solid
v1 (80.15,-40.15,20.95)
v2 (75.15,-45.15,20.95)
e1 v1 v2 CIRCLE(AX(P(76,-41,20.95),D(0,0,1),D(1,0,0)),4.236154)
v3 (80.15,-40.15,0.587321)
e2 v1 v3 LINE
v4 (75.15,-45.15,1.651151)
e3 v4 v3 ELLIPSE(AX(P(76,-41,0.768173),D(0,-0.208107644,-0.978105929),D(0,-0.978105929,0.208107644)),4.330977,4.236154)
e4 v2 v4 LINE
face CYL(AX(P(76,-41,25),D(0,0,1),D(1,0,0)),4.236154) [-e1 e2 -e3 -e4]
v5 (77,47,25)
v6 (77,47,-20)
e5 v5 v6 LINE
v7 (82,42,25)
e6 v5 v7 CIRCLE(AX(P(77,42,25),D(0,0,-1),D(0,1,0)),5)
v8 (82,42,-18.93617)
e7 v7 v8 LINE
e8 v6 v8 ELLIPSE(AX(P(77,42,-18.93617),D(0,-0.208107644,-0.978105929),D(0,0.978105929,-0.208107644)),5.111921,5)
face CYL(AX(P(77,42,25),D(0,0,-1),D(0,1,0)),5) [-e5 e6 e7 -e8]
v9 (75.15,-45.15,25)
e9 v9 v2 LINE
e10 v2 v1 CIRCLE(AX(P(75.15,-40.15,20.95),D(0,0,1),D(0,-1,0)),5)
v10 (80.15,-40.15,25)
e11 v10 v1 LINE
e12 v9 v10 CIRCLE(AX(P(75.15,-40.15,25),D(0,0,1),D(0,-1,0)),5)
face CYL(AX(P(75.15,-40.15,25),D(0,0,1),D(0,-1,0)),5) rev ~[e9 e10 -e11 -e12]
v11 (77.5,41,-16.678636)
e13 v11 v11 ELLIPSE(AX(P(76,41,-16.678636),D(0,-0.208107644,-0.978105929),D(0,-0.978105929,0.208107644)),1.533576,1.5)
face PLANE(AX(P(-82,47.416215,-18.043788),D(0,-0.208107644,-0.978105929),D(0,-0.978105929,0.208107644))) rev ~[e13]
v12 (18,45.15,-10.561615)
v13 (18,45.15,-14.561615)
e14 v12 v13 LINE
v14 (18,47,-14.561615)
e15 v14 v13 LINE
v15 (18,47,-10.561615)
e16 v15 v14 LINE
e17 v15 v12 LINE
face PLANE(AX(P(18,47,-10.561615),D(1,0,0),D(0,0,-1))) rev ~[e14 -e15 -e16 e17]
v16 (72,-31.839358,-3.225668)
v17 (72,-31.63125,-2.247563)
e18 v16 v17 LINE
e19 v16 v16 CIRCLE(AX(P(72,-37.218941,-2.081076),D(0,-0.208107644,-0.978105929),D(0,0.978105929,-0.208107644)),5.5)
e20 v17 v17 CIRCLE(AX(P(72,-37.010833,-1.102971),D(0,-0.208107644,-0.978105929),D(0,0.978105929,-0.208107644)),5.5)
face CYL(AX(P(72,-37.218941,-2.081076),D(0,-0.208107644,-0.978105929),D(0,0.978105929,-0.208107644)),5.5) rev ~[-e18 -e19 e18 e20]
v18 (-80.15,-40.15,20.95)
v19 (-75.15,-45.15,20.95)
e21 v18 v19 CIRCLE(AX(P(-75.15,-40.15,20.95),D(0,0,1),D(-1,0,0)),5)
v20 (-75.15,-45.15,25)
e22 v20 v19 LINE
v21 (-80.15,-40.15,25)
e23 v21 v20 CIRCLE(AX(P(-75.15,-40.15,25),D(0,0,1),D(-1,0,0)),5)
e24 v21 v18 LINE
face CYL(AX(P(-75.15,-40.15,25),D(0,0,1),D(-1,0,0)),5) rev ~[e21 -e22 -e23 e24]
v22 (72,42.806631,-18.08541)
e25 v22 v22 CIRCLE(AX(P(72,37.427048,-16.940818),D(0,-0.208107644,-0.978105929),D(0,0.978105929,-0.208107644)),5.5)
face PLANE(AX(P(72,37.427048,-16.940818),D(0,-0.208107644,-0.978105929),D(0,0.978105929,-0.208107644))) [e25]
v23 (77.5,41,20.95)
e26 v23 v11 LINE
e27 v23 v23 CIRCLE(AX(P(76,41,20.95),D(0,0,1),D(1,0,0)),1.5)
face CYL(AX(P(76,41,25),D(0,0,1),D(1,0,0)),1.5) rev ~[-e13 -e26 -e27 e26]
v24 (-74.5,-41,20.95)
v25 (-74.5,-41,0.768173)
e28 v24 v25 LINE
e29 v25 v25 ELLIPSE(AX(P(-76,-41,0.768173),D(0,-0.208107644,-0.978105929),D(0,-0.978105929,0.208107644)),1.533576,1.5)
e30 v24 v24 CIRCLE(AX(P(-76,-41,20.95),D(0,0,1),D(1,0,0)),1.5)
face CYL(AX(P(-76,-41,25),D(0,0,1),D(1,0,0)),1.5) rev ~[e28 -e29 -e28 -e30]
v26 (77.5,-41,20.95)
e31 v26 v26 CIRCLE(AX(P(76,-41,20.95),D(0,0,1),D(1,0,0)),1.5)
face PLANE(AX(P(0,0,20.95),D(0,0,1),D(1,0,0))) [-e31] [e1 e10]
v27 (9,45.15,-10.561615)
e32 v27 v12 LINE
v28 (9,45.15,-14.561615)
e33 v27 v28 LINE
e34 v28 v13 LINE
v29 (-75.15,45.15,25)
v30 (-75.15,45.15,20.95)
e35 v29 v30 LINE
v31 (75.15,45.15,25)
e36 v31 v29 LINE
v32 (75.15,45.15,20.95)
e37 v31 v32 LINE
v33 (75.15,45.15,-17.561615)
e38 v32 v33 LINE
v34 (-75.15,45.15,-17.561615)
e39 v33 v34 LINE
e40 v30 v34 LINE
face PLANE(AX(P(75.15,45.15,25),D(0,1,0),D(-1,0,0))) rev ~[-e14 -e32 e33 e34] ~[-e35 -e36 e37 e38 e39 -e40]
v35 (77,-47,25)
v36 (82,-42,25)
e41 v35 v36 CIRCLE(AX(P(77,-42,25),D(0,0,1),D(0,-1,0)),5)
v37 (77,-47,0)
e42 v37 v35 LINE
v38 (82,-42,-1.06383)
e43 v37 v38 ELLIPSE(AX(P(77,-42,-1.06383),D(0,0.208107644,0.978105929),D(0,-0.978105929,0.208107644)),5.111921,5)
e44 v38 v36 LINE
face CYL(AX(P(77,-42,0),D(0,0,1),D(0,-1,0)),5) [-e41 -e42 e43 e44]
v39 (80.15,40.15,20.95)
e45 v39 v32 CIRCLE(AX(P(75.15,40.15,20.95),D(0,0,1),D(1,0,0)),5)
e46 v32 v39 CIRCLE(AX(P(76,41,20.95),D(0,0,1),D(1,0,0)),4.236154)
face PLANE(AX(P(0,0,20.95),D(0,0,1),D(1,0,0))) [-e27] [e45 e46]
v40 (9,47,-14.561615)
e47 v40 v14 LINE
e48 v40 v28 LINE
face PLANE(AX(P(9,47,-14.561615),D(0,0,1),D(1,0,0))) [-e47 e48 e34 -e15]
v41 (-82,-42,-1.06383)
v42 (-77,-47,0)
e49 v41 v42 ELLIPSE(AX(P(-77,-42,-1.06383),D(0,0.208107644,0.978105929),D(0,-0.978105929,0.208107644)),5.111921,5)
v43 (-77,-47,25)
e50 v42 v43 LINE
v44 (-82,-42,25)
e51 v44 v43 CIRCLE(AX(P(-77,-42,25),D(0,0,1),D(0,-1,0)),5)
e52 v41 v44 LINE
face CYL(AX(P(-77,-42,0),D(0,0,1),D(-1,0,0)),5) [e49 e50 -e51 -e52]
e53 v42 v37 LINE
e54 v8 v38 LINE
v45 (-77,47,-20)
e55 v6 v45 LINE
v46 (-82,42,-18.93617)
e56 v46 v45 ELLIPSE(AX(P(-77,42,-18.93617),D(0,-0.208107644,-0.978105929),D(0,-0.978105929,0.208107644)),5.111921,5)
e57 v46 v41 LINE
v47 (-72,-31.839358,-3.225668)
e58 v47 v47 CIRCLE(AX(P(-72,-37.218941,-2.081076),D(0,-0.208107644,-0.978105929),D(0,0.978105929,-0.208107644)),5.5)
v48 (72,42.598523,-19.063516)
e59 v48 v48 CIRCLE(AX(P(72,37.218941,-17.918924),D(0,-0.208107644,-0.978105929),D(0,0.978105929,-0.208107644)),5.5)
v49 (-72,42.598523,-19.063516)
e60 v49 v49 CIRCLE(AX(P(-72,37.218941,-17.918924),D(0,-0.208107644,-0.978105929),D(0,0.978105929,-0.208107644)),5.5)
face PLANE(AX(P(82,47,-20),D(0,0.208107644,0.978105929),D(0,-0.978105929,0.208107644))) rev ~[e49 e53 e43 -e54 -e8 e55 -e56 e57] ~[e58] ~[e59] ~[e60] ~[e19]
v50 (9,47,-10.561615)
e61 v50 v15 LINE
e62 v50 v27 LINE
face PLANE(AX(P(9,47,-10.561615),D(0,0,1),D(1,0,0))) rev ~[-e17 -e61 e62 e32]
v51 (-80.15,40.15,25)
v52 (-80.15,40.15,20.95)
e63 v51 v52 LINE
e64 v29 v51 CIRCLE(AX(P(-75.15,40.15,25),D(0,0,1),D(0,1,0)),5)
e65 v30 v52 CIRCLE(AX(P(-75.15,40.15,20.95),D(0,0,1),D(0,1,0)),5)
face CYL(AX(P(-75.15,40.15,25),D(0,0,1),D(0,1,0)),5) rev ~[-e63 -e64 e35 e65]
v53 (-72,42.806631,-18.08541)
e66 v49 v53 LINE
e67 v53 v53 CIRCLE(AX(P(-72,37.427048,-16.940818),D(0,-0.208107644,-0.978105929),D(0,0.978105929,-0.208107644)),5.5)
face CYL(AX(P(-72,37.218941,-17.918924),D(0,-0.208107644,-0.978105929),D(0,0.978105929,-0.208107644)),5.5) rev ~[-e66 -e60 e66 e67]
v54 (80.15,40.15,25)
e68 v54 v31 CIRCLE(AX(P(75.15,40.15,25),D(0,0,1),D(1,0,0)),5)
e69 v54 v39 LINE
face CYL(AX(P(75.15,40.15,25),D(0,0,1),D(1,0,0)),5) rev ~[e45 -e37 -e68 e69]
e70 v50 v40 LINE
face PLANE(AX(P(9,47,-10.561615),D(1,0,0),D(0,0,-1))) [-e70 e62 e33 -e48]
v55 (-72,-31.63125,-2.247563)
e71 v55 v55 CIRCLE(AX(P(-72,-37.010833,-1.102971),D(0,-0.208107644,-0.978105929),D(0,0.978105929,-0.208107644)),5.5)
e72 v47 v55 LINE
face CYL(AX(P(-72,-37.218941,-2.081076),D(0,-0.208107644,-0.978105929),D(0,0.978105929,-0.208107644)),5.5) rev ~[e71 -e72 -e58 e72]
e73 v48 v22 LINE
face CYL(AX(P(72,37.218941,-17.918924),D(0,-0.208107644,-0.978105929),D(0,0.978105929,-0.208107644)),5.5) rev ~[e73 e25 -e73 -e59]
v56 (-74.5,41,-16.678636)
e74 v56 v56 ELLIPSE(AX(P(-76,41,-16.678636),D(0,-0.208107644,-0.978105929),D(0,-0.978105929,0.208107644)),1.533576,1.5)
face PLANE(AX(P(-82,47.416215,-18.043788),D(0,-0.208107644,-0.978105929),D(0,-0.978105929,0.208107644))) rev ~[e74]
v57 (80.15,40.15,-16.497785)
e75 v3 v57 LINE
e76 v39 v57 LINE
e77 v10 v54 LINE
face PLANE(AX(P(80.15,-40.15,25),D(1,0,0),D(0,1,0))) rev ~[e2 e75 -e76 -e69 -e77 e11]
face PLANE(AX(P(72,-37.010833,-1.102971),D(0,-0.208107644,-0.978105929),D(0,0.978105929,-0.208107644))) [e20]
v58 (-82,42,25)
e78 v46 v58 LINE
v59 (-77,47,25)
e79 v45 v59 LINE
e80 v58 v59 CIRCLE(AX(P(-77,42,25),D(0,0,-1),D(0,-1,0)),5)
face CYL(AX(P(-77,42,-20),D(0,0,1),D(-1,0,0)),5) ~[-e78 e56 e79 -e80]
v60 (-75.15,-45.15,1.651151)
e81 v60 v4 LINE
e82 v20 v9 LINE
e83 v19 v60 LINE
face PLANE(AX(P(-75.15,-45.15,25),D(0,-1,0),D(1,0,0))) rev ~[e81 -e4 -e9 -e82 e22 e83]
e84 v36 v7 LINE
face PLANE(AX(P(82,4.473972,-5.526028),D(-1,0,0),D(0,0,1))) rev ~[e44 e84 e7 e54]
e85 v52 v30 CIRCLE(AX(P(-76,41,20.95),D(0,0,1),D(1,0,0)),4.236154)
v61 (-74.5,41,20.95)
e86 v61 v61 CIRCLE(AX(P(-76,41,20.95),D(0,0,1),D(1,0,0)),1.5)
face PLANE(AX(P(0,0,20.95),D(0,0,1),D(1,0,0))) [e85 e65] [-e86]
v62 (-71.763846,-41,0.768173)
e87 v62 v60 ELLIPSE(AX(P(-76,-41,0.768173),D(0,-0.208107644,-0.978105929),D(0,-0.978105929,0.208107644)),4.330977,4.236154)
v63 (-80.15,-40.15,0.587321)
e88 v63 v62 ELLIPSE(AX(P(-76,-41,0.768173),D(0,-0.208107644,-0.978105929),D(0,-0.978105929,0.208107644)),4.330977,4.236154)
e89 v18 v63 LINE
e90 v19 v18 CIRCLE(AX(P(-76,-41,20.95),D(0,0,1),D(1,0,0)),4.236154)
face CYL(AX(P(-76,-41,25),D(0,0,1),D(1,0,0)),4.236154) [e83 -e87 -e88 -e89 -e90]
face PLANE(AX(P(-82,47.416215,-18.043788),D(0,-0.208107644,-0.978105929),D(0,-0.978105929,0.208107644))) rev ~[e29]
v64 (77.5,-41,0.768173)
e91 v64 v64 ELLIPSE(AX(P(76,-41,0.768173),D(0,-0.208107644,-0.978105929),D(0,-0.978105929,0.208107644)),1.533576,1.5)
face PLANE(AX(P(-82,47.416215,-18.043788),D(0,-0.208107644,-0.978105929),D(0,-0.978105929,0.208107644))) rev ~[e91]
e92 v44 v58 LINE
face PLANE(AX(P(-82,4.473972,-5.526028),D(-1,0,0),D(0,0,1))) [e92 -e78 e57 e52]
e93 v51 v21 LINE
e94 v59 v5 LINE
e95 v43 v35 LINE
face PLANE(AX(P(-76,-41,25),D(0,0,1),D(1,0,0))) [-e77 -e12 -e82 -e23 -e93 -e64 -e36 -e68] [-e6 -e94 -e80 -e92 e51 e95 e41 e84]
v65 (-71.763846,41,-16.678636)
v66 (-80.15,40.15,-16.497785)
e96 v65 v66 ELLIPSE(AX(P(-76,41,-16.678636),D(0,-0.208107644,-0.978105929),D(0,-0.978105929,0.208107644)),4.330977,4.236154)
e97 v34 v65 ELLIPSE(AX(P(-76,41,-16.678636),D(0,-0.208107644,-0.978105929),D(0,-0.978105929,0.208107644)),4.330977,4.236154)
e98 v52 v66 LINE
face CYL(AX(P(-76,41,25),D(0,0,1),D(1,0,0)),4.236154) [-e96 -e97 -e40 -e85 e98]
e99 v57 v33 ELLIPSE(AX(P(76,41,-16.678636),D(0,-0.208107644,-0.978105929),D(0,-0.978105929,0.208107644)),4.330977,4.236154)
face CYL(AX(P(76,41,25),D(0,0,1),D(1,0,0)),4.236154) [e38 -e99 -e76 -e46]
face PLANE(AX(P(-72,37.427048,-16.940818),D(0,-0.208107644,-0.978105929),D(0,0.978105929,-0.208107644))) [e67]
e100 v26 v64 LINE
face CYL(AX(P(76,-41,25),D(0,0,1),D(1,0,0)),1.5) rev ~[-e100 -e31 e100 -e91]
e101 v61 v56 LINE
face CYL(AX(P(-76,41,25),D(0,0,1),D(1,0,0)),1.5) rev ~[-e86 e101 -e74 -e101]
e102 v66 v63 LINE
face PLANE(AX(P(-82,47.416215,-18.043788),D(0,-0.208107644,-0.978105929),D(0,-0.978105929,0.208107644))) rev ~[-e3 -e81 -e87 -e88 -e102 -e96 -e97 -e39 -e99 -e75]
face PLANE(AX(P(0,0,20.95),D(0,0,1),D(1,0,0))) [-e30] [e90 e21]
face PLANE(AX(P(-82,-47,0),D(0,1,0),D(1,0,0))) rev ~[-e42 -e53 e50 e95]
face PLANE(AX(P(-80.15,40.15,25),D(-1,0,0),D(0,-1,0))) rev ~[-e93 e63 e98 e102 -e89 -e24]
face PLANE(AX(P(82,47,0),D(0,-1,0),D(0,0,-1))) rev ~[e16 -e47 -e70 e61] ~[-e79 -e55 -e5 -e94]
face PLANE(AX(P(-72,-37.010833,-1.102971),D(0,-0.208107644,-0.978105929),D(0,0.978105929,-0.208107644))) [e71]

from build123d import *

# Parameters (mm, degrees)
SKIZZE1_W                       = 164
SKIZZE1_H                       = 94
AUFSATZ_LINEAR_AUSTRAGEN1_DEPTH = 25
AUFSATZ_LINEAR_AUSTRAGEN2_DEPTH = 164
SCHNITT_LINEAR_AUSTRAGEN1_REACH = 106.68
AUFSATZ_LINEAR_AUSTRAGEN3_REACH = 106.68
SKIZZE4_R                       = 4.236153916
SKIZZE4_R_2                     = 1.5
SCHNITT_LINEAR_AUSTRAGEN2_DEPTH = 4.05
VERRUNDUNG1_R                   = 5
SKIZZE7_W                       = 9
SKIZZE7_H                       = 4
SCHNITT_LINEAR_AUSTRAGEN4_DEPTH = 4.05
SKIZZE8_R                       = 5.5
SCHNITT_LINEAR_AUSTRAGEN5_DEPTH = 1


with BuildPart() as part:
    # Skizze1 → Aufsatz-Linear austragen1 (new body)
    with BuildSketch(Plane.XY):
        Rectangle(SKIZZE1_W, SKIZZE1_H)
    extrude(amount=AUFSATZ_LINEAR_AUSTRAGEN1_DEPTH)

    # Skizze2 → Aufsatz-Linear austragen2 (add)
    with BuildSketch(Plane(origin=(82, 0, 0), x_dir=(0, 0, -1), z_dir=(1, 0, 0))):
        Polygon((0, -47), (0, 47), (20, 47), align=None)
    extrude(amount=-AUFSATZ_LINEAR_AUSTRAGEN2_DEPTH)

    # Schnitt-Linear austragen1: up to this plane
    schnitt_linear_austragen1_end = Plane(origin=(-82, 47.416215289, -18.043788142), z_dir=(0, -0.20810764446485866, -0.9781059289848355))
    # Skizze3 → Schnitt-Linear austragen1 (cut, up to the surface)
    with BuildSketch(Plane.XY.offset(25), mode=Mode.PRIVATE) as schnitt_linear_austragen1_sk1:
        with BuildLine():
            Line((-75.15, -45.15), (75.15, -45.15))
            ThreePointArc((75.15, -45.15), (78.685533906, -43.685533906), (80.15, -40.15))
            Line((80.15, -40.15), (80.15, 40.15))
            ThreePointArc((80.15, 40.15), (78.685533906, 43.685533906), (75.15, 45.15))
            Line((75.15, 45.15), (-75.15, 45.15))
            ThreePointArc((-75.15, 45.15), (-78.685533906, 43.685533906), (-80.15, 40.15))
            Line((-80.15, 40.15), (-80.15, -40.15))
            ThreePointArc((-80.15, -40.15), (-78.685533906, -43.685533906), (-75.15, -45.15))
        make_face()
    schnitt_linear_austragen1_tool1 = split(extrude(schnitt_linear_austragen1_sk1.sketch, amount=-SCHNITT_LINEAR_AUSTRAGEN1_REACH, mode=Mode.PRIVATE), bisect_by=schnitt_linear_austragen1_end, keep=Keep.BOTH, mode=Mode.PRIVATE)
    add(schnitt_linear_austragen1_tool1.solids().sort_by_distance((0, 0, 25))[0], mode=Mode.SUBTRACT)

    # Aufsatz-Linear austragen3: up to this plane
    aufsatz_linear_austragen3_end = Plane(origin=(-82, 47.416215289, -18.043788142), z_dir=(0, -0.20810764446485866, -0.9781059289848355))
    # Skizze4 → Aufsatz-Linear austragen3 (add, up to the surface)
    with BuildSketch(Plane.XY.offset(25), mode=Mode.PRIVATE) as aufsatz_linear_austragen3_sk1:
        with Locations((-76, 41)):
            Circle(SKIZZE4_R)
        with Locations((-76, 41)):
            Circle(SKIZZE4_R_2, mode=Mode.SUBTRACT)
    aufsatz_linear_austragen3_tool1 = split(extrude(aufsatz_linear_austragen3_sk1.sketch, amount=-AUFSATZ_LINEAR_AUSTRAGEN3_REACH, mode=Mode.PRIVATE), bisect_by=aufsatz_linear_austragen3_end, keep=Keep.BOTH, mode=Mode.PRIVATE)
    add(aufsatz_linear_austragen3_tool1.solids().sort_by_distance((-80.116337, 41, 25))[0])
    # Skizze4 → Aufsatz-Linear austragen3 (add, up to the surface)
    with BuildSketch(Plane.XY.offset(25), mode=Mode.PRIVATE) as aufsatz_linear_austragen3_sk2:
        with Locations((-76, -41)):
            Circle(SKIZZE4_R)
        with Locations((-76, -41)):
            Circle(SKIZZE4_R_2, mode=Mode.SUBTRACT)
    aufsatz_linear_austragen3_tool2 = split(extrude(aufsatz_linear_austragen3_sk2.sketch, amount=-AUFSATZ_LINEAR_AUSTRAGEN3_REACH, mode=Mode.PRIVATE), bisect_by=aufsatz_linear_austragen3_end, keep=Keep.BOTH, mode=Mode.PRIVATE)
    add(aufsatz_linear_austragen3_tool2.solids().sort_by_distance((-80.116337, -41, 25))[0])
    # Skizze4 → Aufsatz-Linear austragen3 (add, up to the surface)
    with BuildSketch(Plane.XY.offset(25), mode=Mode.PRIVATE) as aufsatz_linear_austragen3_sk3:
        with Locations((76, -41)):
            Circle(SKIZZE4_R)
        with Locations((76, -41)):
            Circle(SKIZZE4_R_2, mode=Mode.SUBTRACT)
    aufsatz_linear_austragen3_tool3 = split(extrude(aufsatz_linear_austragen3_sk3.sketch, amount=-AUFSATZ_LINEAR_AUSTRAGEN3_REACH, mode=Mode.PRIVATE), bisect_by=aufsatz_linear_austragen3_end, keep=Keep.BOTH, mode=Mode.PRIVATE)
    add(aufsatz_linear_austragen3_tool3.solids().sort_by_distance((71.883663, -41, 25))[0])
    # Skizze4 → Aufsatz-Linear austragen3 (add, up to the surface)
    with BuildSketch(Plane.XY.offset(25), mode=Mode.PRIVATE) as aufsatz_linear_austragen3_sk4:
        with Locations((76, 41)):
            Circle(SKIZZE4_R)
        with Locations((76, 41)):
            Circle(SKIZZE4_R_2, mode=Mode.SUBTRACT)
    aufsatz_linear_austragen3_tool4 = split(extrude(aufsatz_linear_austragen3_sk4.sketch, amount=-AUFSATZ_LINEAR_AUSTRAGEN3_REACH, mode=Mode.PRIVATE), bisect_by=aufsatz_linear_austragen3_end, keep=Keep.BOTH, mode=Mode.PRIVATE)
    add(aufsatz_linear_austragen3_tool4.solids().sort_by_distance((71.883663, 41, 25))[0])

    # Skizze6 → Schnitt-Linear austragen2 (cut)
    with BuildSketch(Plane.XY.offset(25)):
        with BuildLine():
            Line((-75.15, -45.15), (75.15, -45.15))
            ThreePointArc((75.15, -45.15), (78.685533906, -43.685533906), (80.15, -40.15))
            Line((80.15, -40.15), (80.15, 40.15))
            ThreePointArc((80.15, 40.15), (78.685533906, 43.685533906), (75.15, 45.15))
            Line((75.15, 45.15), (-75.15, 45.15))
            ThreePointArc((-75.15, 45.15), (-78.685533906, 43.685533906), (-80.15, 40.15))
            Line((-80.15, 40.15), (-80.15, -40.15))
            ThreePointArc((-80.15, -40.15), (-78.685533906, -43.685533906), (-75.15, -45.15))
        make_face()
    extrude(amount=-SCHNITT_LINEAR_AUSTRAGEN2_DEPTH, mode=Mode.SUBTRACT)

    # Verrundung1
    verrundung1_edges = [part.edges().sort_by_distance(p)[0] for p in [
        (82, -47, 12.5),
        (-82, -47, 12.5),
        (-82, 47, 2.5),
        (82, 47, 2.5),
    ]]
    fillet(verrundung1_edges, radius=VERRUNDUNG1_R)

    # Skizze7 → Schnitt-Linear austragen4 (cut)
    with BuildSketch(Plane(origin=(0, 47, 0), x_dir=(1, 0, 0), z_dir=(0, 1, 0))):
        with Locations((13.5, 12.561614676)):
            Rectangle(SKIZZE7_W, SKIZZE7_H)
    extrude(amount=-SCHNITT_LINEAR_AUSTRAGEN4_DEPTH, mode=Mode.SUBTRACT)

    # Skizze8 → Schnitt-Linear austragen5 (cut)
    with BuildSketch(Plane(origin=(0, -2.035513209, -9.566912083), x_dir=(-1, 0, 0), z_dir=(0, -0.20810764446485866, -0.9781059289848355))):
        with Locations(Location((-72, 40.133131552, 0), (0, 0, 90))):
            Circle(SKIZZE8_R)
        with Locations(Location((72, 40.133131552, 0), (0, 0, 90))):
            Circle(SKIZZE8_R)
        with Locations(Location((72, -35.970978662, 0), (0, 0, 90))):
            Circle(SKIZZE8_R)
        with Locations(Location((-72, -35.970978662, 0), (0, 0, 90))):
            Circle(SKIZZE8_R)
    extrude(amount=-SCHNITT_LINEAR_AUSTRAGEN5_DEPTH, mode=Mode.SUBTRACT)


solid = part.part
